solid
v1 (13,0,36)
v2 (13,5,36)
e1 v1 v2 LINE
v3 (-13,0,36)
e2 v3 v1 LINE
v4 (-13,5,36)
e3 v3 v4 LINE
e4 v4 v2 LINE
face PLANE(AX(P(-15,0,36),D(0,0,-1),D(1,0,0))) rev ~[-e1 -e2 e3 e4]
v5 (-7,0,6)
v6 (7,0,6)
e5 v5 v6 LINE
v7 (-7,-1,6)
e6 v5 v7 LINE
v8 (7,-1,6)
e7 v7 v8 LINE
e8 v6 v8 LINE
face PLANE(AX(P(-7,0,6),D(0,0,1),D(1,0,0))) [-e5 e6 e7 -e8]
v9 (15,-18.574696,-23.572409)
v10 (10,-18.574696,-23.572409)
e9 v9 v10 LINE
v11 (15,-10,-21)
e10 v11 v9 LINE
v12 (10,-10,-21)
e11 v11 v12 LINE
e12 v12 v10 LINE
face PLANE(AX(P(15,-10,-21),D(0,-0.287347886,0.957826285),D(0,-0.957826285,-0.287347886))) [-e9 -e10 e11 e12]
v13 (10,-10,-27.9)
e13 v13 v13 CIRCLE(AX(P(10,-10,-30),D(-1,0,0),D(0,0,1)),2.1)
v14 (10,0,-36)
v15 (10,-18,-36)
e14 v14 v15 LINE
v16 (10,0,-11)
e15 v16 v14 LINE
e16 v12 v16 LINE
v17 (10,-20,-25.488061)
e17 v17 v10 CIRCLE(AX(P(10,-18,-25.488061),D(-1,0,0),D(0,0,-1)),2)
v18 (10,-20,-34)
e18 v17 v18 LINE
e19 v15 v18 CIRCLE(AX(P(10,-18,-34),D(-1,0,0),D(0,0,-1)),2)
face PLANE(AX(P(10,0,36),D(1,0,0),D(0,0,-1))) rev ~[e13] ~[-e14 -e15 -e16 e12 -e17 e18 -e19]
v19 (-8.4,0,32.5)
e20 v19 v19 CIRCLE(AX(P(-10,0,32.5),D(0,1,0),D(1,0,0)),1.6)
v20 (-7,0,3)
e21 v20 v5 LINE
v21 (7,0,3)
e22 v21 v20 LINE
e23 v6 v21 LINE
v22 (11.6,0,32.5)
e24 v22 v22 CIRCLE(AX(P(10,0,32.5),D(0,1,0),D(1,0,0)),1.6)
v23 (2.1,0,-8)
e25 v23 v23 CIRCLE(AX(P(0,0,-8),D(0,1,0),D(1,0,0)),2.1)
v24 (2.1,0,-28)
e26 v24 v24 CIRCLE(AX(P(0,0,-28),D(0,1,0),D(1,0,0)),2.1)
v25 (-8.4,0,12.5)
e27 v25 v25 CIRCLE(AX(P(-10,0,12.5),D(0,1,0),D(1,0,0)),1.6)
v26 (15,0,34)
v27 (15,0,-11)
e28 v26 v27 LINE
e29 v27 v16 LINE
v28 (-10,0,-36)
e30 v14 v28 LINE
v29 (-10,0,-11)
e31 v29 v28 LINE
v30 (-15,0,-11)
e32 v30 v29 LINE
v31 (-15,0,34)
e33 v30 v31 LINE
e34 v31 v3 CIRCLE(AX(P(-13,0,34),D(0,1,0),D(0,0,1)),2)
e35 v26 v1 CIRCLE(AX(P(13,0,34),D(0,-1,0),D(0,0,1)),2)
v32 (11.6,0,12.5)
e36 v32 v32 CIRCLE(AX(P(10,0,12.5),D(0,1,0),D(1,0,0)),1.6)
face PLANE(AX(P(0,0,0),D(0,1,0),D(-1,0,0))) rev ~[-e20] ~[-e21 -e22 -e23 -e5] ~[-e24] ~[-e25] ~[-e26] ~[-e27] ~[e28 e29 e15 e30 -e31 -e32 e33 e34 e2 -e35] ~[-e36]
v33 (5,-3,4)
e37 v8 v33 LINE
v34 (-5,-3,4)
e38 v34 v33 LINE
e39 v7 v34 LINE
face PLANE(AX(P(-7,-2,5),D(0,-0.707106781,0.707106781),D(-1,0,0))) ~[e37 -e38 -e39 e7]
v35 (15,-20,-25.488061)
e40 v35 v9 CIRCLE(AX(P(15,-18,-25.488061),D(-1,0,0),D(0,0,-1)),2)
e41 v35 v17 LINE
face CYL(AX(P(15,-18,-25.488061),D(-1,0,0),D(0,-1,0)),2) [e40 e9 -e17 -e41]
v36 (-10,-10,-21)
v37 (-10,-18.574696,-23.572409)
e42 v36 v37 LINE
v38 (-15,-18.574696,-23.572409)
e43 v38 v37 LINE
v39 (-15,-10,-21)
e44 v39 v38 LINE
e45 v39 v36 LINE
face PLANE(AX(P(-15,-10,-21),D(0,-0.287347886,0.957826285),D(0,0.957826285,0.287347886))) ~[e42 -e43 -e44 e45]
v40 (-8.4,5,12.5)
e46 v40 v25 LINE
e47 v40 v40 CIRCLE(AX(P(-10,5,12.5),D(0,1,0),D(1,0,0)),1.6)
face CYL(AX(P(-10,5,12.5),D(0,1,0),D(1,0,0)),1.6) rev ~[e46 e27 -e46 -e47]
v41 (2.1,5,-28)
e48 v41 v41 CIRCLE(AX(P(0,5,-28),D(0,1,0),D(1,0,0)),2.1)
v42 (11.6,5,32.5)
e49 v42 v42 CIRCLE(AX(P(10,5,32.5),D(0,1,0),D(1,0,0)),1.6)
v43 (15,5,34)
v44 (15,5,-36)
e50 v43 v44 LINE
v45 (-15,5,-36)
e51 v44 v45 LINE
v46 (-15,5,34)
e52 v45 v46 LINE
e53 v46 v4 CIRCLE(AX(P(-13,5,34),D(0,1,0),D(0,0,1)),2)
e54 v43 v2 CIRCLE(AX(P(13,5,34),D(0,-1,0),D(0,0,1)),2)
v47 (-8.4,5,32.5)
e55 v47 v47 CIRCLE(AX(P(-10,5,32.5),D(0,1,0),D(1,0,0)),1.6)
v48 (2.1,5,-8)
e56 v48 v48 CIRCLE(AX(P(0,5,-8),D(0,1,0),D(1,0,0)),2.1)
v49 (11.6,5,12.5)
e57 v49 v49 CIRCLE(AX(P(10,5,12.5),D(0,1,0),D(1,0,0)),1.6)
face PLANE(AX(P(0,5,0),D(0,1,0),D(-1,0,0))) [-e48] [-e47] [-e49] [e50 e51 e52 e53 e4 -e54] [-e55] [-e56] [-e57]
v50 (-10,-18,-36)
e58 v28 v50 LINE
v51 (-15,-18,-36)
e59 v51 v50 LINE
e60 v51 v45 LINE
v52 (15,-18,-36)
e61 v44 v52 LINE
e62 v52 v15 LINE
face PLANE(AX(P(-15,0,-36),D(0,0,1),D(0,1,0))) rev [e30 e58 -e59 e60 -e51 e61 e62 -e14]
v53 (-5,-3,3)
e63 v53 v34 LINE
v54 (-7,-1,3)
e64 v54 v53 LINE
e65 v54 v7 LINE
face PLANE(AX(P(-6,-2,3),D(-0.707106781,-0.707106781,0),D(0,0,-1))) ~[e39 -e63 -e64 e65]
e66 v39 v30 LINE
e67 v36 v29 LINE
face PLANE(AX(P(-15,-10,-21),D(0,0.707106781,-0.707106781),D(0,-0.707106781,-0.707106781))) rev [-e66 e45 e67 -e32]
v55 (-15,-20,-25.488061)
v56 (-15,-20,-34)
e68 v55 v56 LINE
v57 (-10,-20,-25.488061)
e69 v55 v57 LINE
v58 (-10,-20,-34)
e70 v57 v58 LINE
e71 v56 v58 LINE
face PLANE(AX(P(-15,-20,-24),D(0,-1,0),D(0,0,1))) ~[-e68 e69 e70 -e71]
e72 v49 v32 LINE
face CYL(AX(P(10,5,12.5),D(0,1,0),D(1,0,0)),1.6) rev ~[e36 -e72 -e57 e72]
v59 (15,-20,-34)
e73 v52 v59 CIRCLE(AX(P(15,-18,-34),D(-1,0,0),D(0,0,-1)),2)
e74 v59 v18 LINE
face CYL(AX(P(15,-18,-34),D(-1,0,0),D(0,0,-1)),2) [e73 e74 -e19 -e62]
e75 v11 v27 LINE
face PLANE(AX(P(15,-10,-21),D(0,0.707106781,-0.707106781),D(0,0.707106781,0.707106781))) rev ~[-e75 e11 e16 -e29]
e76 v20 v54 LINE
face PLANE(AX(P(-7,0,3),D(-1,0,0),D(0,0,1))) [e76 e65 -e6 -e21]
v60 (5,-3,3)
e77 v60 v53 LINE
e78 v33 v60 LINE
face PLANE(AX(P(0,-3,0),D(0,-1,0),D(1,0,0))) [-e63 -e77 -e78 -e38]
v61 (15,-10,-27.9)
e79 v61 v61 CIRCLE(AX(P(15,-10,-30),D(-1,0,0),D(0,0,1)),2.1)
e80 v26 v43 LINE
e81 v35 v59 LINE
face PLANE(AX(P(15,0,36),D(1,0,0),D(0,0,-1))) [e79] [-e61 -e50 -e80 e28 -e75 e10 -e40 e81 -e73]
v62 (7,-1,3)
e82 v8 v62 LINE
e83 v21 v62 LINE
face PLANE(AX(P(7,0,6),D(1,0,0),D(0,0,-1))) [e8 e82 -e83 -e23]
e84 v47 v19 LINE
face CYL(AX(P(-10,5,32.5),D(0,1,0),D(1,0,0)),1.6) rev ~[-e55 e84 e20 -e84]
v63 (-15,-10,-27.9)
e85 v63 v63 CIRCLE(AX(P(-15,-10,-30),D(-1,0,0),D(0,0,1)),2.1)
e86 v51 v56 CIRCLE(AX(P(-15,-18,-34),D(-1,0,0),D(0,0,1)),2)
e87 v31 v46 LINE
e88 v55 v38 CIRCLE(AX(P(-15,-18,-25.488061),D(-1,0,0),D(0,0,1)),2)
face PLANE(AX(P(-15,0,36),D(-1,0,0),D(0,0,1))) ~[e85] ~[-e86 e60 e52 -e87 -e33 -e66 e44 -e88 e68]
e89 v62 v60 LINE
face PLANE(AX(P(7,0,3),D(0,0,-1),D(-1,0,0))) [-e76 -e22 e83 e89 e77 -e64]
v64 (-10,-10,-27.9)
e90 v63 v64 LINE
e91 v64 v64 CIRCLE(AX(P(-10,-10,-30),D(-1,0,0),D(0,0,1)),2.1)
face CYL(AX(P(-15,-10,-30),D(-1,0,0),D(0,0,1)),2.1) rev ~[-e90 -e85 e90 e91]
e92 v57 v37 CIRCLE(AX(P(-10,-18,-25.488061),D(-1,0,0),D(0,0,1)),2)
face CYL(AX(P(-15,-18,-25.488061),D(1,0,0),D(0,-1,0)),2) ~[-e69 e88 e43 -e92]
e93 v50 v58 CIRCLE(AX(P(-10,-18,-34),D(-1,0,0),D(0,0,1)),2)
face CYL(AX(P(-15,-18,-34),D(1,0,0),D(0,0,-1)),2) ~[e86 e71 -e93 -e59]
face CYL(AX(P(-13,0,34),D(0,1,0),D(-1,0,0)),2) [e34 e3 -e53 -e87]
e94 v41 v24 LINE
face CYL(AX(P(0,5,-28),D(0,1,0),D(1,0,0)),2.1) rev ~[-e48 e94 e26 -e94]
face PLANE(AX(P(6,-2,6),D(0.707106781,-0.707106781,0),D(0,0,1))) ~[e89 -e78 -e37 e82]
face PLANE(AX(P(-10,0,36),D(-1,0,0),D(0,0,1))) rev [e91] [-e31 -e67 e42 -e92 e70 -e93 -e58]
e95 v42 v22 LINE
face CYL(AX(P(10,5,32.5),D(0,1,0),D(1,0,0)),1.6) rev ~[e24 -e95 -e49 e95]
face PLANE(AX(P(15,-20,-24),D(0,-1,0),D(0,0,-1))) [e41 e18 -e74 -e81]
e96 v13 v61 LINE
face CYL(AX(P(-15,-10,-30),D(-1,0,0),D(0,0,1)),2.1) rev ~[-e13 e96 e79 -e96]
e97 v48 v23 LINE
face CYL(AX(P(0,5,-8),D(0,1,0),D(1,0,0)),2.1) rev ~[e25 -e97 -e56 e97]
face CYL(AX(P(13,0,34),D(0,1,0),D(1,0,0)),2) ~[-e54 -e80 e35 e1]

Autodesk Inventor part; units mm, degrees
ref_plane "YZ Plane" through (0, 0, 0) normal (1, 0, 0) x (0, 1, 0)
ref_plane "XZ Plane" through (0, 0, 0) normal (0, 1, 0) x (-1, 0, 0)
ref_plane "XY Plane" through (0, 0, 0) normal (0, 0, 1) x (1, 0, 0)
sketch "Sketch1" plane through (0, 0, 0) normal (0, 1, 0) x (-1, 0, 0)
  line L0 (15, 36) -> (-15, 36)
  line L1 (-15, 36) -> (-15, -36)
  line L2 (-15, -36) -> (15, -36)
  line L3 (15, -36) -> (15, 36)
  point P0 (0, 0)
  point P1 (0, 36)
  point P2 (15, 0)
  dimension "d0" = 30
  dimension "d1" = 72
extrude "Extrusion1" add sketch "Sketch1" along normal blind 5
sketch "Sketch2" plane through (0, 5, 0) normal (0, 1, 0) x (1, 0, 0)
  circle A0 centre (-10, -12.5) radius 1.6
  circle A1 centre (-10, -32.5) radius 1.6
  circle A2 centre (10, -32.5) radius 1.6
  circle A3 centre (10, -12.5) radius 1.6
  line L0 (-10, -32.5) -> (10, -32.5) construction
  line L1 (-15, -36) -> (15, -36) projected
  point P0 (0, 0)
  point P1 (0, -32.5)
  point P2 (0, -36)
  dimension "d4" = 3.2
  dimension "d5" = 20
  dimension "d6" = 20
  dimension "d7" = 3.5
extrude "Extrusion2" cut sketch "Sketch2" against normal up to next
sketch "Sketch3" plane through (0, 5, 0) normal (0, 1, 0) x (1, 0, 0)
  line L0 (15, 36) -> (-15, 36) projected
  circle A0 centre (0, 8) radius 2.1
  circle A1 centre (0, 28) radius 2.1
  point P0 (0, 0)
  point P1 (0, 36)
  point P2 (0, 36)
  point P3 (0, 36)
  point P4 (0, 36)
  point P5 (0, 36)
  dimension "d12" = 4.2
  dimension "d14" = 20
  dimension "d52" = 8
extrude "Extrusion3" cut sketch "Sketch3" against normal up to next
sketch "Sketch4" plane through (15, 0, 36) normal (1, 0, 0) x (0, 0, -1)
  line L0 (0, 0) -> (72, 0) projected
  line L1 (72, 0) -> (72, -20)
  line L2 (57, -10) -> (47, 0)
  line L3 (57, -10) -> (60, -20)
  line L4 (60, -20) -> (72, -20)
  line L5 (47, 0) -> (72, 0)
  point P0 (36, 0)
  point P1 (47, 5)
  point P2 (47, 5)
  point P3 (47, 5)
  dimension "d33" = 25
  dimension "d34" = 45
  dimension "d35" = 20
  dimension "d38" = 12
extrude "Extrusion4" add sketch "Sketch4" against normal blind 5
mirror "Mirror2" about plane through (0, 0, 0) normal (1, 0, 0) of "Extrusion4"
sketch "Sketch8" plane through (-15, 0, 36) normal (-1, 0, 0) x (0, 0, 1)
  circle A0 centre (-66, -10) radius 2.1
  line L0 (-60, -20) -> (-72, -20) projected
  point P0 (-36, 0)
  point P1 (-72, 0)
  point P2 (-66, -20)
  dimension "d39" = 4.2
  dimension "d40" = 10
extrude "Extrusion8" cut sketch "Sketch8" against normal through all
fillet "Fillet2" radius 2 6 edges at (-12.5, -20, -36) (-12.5, -20, -24) (12.5, -20, -24) (12.5, -20, -36) (-15, 2.5, 36) (15, 2.5, 36)
sketch "Sketch9" plane through (0, 0, 0) normal (0, -1, 0) x (1, 0, 0)
  line L0 (-7, 6) -> (7, 6)
  line L1 (7, 6) -> (7, 3)
  line L2 (7, 3) -> (-7, 3)
  line L3 (-7, 3) -> (-7, 6)
  line L4 (-13, 36) -> (13, 36) projected
  point P0 (0, 0)
  point P1 (0, 3)
  dimension "d44" = 33
  dimension "d45" = 3
  dimension "d46" = 14
extrude "Extrusion9" add sketch "Sketch9" along normal blind 3
chamfer "Chamfer1" distance 2 angle 45 3 edges at (-7, -3, 4.5) (0, -3, 6) (7, -3, 4.5)
ref_plane "Work Plane1" through (0, 0, 0) normal (1, 0, 0) x (0, 1, 0)
properties part number "X-connector-left"
